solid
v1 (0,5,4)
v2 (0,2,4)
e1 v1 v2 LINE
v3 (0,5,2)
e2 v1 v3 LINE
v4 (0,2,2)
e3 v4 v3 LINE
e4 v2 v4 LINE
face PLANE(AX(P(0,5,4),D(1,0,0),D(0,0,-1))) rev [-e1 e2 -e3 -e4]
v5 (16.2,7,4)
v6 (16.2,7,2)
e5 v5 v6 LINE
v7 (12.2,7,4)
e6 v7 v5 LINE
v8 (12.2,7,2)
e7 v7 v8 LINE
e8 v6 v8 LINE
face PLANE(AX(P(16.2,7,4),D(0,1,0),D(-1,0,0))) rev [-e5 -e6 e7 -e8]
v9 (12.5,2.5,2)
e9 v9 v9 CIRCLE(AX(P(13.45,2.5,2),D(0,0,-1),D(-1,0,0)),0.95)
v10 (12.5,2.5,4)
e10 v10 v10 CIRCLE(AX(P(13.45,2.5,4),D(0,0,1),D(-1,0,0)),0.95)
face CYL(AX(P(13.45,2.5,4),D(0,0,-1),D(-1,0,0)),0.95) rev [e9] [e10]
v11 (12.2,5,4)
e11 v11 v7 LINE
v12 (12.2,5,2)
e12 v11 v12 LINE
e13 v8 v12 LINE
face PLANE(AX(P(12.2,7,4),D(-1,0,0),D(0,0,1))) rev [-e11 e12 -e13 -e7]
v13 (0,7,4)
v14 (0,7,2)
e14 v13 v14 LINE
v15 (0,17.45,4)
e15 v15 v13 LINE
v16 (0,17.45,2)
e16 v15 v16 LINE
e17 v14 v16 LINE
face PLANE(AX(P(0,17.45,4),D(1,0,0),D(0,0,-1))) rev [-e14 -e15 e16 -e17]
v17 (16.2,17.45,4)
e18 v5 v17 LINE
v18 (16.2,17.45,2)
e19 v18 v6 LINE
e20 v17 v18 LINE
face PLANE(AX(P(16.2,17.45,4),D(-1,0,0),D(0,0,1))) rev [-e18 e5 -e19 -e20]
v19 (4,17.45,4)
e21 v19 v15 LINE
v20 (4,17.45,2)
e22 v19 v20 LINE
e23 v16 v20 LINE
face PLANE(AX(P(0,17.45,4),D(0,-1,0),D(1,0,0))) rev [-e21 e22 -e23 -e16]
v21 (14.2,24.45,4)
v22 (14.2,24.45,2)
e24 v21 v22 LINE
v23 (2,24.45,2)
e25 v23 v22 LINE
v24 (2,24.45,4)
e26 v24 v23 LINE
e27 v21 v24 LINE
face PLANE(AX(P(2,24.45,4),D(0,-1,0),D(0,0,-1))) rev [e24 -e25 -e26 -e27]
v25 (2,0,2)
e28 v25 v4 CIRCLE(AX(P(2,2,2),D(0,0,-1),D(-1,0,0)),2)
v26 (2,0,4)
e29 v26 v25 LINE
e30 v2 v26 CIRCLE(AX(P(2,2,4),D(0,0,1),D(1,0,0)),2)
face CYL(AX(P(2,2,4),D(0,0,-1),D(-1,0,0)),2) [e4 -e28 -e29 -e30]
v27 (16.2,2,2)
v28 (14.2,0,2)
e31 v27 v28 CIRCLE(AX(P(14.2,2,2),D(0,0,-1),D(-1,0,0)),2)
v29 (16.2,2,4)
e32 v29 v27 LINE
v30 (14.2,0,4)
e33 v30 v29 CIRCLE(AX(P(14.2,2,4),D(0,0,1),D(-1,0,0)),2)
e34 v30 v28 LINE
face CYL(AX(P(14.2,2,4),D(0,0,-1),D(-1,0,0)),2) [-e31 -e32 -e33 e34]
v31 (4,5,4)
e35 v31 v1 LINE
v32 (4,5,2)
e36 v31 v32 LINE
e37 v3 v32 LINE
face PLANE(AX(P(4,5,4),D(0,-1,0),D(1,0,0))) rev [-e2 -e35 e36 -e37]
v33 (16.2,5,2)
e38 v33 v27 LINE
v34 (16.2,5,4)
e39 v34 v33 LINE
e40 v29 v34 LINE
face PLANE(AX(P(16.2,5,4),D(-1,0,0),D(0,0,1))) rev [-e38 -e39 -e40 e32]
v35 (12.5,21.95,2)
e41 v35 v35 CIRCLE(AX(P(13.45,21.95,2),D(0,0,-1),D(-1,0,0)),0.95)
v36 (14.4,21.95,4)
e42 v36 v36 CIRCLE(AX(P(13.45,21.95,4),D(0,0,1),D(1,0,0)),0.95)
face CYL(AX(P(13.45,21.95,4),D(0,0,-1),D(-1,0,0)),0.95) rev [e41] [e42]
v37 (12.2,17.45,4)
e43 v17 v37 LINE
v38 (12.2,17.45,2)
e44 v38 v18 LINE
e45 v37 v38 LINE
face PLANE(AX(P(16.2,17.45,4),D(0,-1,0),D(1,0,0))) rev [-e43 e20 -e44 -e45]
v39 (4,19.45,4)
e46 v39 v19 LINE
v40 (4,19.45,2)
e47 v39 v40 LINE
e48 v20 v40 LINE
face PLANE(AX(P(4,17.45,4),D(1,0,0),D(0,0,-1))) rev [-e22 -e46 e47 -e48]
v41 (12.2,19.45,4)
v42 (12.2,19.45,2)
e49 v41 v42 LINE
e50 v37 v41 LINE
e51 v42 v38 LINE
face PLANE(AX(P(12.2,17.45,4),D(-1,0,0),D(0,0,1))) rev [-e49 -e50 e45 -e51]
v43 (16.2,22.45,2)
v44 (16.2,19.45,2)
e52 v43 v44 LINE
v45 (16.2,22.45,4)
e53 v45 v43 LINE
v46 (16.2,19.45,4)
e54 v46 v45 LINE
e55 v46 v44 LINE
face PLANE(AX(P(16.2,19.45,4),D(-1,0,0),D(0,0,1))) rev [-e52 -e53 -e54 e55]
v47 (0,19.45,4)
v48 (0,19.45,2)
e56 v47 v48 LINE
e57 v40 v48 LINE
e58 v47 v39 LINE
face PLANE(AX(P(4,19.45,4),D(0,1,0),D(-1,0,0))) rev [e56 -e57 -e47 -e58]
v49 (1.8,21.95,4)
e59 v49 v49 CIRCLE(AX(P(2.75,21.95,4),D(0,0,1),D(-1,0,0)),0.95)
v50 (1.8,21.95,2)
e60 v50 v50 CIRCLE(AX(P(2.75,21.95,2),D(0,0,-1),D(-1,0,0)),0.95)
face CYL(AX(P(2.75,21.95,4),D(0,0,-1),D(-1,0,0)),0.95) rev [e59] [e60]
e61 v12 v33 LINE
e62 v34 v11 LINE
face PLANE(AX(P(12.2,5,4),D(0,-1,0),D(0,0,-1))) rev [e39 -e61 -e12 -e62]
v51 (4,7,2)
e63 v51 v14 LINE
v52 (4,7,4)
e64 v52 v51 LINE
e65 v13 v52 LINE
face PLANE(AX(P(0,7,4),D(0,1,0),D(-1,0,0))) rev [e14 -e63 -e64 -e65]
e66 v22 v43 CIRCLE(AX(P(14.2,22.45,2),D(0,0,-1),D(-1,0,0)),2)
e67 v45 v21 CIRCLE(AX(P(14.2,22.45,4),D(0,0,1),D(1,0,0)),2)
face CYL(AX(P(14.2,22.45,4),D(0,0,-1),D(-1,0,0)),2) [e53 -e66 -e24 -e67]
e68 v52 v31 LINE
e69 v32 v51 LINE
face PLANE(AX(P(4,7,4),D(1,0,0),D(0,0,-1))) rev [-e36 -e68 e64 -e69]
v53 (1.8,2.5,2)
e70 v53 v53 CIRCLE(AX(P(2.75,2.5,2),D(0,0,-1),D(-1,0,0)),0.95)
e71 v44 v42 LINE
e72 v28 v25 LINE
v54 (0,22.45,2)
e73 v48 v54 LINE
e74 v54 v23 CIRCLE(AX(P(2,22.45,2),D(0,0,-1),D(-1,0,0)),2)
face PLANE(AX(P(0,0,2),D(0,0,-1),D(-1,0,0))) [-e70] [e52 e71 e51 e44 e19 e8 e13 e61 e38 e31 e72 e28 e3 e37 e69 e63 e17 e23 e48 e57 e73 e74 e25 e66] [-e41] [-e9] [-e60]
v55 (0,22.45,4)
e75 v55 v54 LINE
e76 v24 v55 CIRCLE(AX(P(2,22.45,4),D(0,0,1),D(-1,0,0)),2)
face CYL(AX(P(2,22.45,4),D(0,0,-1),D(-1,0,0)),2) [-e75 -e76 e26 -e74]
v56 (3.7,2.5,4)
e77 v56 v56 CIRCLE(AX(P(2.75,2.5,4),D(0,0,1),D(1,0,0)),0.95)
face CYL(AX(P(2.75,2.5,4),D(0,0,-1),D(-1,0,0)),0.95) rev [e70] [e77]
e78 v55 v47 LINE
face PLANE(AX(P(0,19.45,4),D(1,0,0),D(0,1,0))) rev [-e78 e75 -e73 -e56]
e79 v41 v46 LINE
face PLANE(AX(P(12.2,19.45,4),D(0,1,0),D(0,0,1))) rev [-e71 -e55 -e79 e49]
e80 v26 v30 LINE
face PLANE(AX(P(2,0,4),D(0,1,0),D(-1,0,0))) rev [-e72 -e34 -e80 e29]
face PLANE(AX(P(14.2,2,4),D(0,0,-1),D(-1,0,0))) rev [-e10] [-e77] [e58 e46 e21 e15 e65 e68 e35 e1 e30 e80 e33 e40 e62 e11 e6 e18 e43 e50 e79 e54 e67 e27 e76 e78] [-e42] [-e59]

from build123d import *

# Parameters (mm, degrees)
SKETCH1_R           = 0.95
BOSS_EXTRUDE1_DEPTH = 4
SKETCH2_W           = 16.2
SKETCH2_H           = 24.45
CUT_EXTRUDE1_DEPTH  = 2


with BuildPart() as part:
    # Sketch1 → Boss-Extrude1 (new body)
    with BuildSketch(Plane.XY):
        with BuildLine():
            Line((0, 17.45), (0, 7))
            Line((0, 7), (4, 7))
            Line((4, 7), (4, 5))
            Line((4, 5), (0, 5))
            Line((0, 5), (0, 2))
            ThreePointArc((0, 2), (0.585786438, 0.585786438), (2, 0))
            Line((2, 0), (14.2, 0))
            ThreePointArc((14.2, 0), (15.614213562, 0.585786438), (16.2, 2))
            Line((16.2, 2), (16.2, 5))
            Line((16.2, 5), (12.2, 5))
            Line((12.2, 5), (12.2, 7))
            Line((12.2, 7), (16.2, 7))
            Line((16.2, 7), (16.2, 17.45))
            Line((16.2, 17.45), (12.2, 17.45))
            Line((12.2, 17.45), (12.2, 19.45))
            Line((12.2, 19.45), (16.2, 19.45))
            Line((16.2, 19.45), (16.2, 22.45))
            ThreePointArc((16.2, 22.45), (15.614213562, 23.864213562), (14.2, 24.45))
            Line((14.2, 24.45), (2, 24.45))
            ThreePointArc((2, 24.45), (0.585786438, 23.864213562), (0, 22.45))
            Line((0, 22.45), (0, 19.45))
            Line((0, 19.45), (4, 19.45))
            Line((4, 19.45), (4, 17.45))
            Line((4, 17.45), (0, 17.45))
        make_face()
        with Locations((13.45, 2.5)):
            Circle(SKETCH1_R, mode=Mode.SUBTRACT)
        with Locations((2.75, 21.95)):
            Circle(SKETCH1_R, mode=Mode.SUBTRACT)
        with Locations((2.75, 2.5)):
            Circle(SKETCH1_R, mode=Mode.SUBTRACT)
        with Locations((13.45, 21.95)):
            Circle(SKETCH1_R, mode=Mode.SUBTRACT)
    extrude(amount=BOSS_EXTRUDE1_DEPTH)

    # Sketch2 → Cut-Extrude1 (cut)
    with BuildSketch(Plane(origin=(0, 0, 0), x_dir=(-1, 0, 0), z_dir=(0, 0, -1))):
        with Locations((-8.1, 12.225)):
            Rectangle(SKETCH2_W, SKETCH2_H)
    extrude(amount=-CUT_EXTRUDE1_DEPTH, mode=Mode.SUBTRACT)


solid = part.part
